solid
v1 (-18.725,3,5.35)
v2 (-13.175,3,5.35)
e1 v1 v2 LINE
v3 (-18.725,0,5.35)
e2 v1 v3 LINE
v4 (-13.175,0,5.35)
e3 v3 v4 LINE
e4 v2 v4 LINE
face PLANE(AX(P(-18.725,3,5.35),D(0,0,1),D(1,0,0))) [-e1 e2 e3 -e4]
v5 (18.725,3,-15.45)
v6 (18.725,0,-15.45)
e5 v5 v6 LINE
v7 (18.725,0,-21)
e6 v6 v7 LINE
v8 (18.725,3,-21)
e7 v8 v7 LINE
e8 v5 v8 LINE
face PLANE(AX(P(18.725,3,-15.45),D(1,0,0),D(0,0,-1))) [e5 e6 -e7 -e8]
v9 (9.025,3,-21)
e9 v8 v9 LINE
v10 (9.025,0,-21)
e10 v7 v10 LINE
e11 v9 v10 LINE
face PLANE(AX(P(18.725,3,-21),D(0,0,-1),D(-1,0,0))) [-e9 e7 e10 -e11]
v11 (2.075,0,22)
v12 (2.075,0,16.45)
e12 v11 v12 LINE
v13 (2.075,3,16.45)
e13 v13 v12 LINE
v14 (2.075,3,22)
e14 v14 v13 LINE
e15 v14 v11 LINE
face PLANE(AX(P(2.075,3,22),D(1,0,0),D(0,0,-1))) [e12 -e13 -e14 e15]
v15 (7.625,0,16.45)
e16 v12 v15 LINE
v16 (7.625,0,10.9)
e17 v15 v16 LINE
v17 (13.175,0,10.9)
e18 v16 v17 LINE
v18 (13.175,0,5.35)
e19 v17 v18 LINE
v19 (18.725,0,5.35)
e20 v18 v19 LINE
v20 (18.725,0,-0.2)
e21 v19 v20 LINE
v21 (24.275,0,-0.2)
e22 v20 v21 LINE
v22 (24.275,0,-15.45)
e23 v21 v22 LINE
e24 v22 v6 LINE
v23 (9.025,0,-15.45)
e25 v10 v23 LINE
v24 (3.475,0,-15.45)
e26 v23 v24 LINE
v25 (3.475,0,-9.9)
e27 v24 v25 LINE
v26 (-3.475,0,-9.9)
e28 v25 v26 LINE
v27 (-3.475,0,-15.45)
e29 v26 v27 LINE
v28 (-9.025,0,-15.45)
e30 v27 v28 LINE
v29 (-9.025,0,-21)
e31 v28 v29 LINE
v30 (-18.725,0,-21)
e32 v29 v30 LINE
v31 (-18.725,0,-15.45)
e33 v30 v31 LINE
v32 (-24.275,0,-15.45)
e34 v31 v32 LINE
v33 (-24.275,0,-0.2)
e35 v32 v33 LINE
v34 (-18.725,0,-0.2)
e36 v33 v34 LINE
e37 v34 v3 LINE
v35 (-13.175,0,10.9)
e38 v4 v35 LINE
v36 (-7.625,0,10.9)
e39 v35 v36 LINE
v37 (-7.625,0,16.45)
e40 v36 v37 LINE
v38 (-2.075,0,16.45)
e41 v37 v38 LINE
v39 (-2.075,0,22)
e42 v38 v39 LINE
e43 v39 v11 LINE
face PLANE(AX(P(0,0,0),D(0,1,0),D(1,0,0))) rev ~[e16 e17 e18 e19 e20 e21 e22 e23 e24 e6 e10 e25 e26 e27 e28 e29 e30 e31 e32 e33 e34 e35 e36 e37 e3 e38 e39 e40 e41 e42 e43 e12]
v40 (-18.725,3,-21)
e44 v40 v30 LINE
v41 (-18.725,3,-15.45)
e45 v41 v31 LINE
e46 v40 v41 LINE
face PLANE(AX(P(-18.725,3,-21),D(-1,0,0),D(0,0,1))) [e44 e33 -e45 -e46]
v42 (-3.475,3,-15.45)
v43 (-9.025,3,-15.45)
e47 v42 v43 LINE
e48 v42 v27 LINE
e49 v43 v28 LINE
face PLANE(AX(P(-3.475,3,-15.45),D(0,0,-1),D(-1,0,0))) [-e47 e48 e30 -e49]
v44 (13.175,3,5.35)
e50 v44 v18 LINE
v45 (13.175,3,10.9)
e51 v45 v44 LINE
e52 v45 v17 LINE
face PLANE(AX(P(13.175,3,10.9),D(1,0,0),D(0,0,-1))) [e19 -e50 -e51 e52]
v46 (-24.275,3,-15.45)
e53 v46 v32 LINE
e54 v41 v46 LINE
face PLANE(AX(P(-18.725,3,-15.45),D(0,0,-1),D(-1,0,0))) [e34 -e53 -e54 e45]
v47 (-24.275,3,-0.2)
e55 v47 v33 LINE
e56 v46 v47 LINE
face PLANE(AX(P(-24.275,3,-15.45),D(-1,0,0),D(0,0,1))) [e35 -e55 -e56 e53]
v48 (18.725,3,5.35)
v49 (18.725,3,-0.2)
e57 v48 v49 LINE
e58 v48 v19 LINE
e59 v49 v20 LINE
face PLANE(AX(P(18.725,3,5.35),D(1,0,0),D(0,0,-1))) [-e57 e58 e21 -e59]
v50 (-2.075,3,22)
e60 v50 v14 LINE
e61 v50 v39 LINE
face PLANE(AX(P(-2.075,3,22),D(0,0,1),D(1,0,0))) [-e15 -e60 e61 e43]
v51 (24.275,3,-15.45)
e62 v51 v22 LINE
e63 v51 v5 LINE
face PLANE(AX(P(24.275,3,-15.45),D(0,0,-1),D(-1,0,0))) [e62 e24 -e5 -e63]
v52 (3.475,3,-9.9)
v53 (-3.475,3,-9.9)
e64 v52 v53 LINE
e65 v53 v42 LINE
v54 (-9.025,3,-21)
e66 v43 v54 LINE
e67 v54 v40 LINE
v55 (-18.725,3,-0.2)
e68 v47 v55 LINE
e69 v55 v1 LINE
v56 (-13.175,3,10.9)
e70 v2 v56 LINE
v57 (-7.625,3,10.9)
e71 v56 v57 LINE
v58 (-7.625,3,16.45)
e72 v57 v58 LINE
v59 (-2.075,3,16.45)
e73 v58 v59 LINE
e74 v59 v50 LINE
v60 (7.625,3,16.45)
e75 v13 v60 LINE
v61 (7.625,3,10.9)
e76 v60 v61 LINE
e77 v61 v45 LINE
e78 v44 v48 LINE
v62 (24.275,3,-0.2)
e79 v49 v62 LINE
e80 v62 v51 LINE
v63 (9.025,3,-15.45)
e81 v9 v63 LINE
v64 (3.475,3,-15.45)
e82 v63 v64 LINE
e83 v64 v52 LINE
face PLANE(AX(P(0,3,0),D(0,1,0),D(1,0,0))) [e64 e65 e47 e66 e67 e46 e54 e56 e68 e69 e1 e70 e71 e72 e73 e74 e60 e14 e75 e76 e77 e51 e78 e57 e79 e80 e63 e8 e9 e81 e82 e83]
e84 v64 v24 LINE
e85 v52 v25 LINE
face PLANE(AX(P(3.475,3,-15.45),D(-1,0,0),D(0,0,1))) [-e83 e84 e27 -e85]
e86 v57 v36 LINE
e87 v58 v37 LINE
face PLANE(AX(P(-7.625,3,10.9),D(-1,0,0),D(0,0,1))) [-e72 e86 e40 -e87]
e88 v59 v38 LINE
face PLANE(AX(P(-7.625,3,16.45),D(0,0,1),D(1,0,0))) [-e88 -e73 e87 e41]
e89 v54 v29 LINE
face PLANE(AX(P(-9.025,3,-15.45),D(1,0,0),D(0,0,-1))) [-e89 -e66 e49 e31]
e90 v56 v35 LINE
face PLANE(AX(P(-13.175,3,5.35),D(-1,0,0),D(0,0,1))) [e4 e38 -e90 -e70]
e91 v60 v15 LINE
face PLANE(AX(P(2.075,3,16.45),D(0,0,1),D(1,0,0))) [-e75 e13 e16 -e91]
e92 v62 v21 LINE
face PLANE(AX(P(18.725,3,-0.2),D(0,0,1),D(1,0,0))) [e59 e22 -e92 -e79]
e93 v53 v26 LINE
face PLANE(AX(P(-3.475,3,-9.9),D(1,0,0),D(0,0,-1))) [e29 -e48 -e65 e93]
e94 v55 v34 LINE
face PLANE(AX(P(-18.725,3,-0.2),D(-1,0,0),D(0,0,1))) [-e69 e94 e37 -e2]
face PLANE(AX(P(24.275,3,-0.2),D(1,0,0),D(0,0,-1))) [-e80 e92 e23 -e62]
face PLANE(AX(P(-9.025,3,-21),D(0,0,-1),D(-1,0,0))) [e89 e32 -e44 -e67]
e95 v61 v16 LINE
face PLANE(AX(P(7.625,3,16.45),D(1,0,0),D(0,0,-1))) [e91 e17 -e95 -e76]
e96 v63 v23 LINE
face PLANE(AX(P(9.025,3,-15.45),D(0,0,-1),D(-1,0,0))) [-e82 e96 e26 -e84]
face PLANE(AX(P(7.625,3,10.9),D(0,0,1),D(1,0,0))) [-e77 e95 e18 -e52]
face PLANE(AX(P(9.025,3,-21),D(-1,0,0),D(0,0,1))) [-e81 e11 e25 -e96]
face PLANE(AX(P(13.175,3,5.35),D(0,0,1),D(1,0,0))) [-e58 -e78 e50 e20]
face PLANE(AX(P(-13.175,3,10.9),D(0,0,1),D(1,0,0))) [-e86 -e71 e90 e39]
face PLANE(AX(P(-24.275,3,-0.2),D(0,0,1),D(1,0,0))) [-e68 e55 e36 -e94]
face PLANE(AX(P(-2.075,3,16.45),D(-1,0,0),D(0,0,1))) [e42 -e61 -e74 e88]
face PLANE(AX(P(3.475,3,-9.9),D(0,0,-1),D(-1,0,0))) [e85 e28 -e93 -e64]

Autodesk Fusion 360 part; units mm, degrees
sketch "Sketch1" plane through (0, 0, 0) normal (0, 1, 0) x (1, 0, 0)
  line L0 (-2.775, 16.15) -> (-8.325, 16.15)
  line L1 (2.775, -22.7) -> (2.775, -17.15)
  line L2 (13.875, -11.6) -> (8.325, -11.6)
  line L3 (28.5, -28) -> (28.5, 27)
  line L4 (-2.775, -17.15) -> (-2.775, -22.7)
  line L5 (-2.775, -22.7) -> (2.775, -22.7)
  line L6 (8.325, -17.15) -> (2.775, -17.15)
  line L7 (-28.5, 27) -> (-28.5, -28)
  line L8 (28.5, 27) -> (-28.5, 27)
  line L9 (19.425, -6.05) -> (13.875, -6.05)
  line L10 (-8.325, -17.15) -> (-2.775, -17.15)
  line L11 (28.5, -0.5) -> (-28.5, -0.5)
  line L12 (24.975, -0.5) -> (19.425, -0.5)
  line L13 (19.425, -0.5) -> (19.425, -6.05)
  line L14 (-24.975, 16.15) -> (-24.975, -0.5)
  line L15 (0, 5.05) -> (0, -0.5)
  line L16 (-24.975, -0.5) -> (-19.425, -0.5)
  line L17 (0, 10.6) -> (-2.775, 10.6)
  line L18 (0, 27) -> (0, -28)
  line L19 (24.975, 16.15) -> (24.975, -0.5)
  line L20 (0, -0.5) -> (0, -22.7)
  line L21 (0, -0.5) -> (0, 21.7)
  line L22 (-13.875, -6.05) -> (-13.875, -11.6)
  line L23 (-19.425, -6.05) -> (-13.875, -6.05)
  line L24 (0, 10.6) -> (0, 5.05)
  line L25 (-19.425, -0.5) -> (-19.425, -6.05)
  line L26 (-8.325, -11.6) -> (-8.325, -17.15)
  line L27 (19.425, 21.7) -> (19.425, 16.15)
  line L28 (-19.425, 21.7) -> (-19.425, 16.15)
  line L29 (-13.875, -11.6) -> (-8.325, -11.6)
  line L30 (-8.325, 16.15) -> (-8.325, 21.7)
  line L31 (-2.775, 10.6) -> (-2.775, 16.15)
  line L32 (8.325, -11.6) -> (8.325, -17.15)
  line L33 (-28.5, -28) -> (28.5, -28)
  line L34 (13.875, -6.05) -> (13.875, -11.6)
  line L35 (0, 21.7) -> (0, 16.15)
  line L36 (19.425, 16.15) -> (24.975, 16.15)
  line L37 (0, 10.6) -> (2.775, 10.6)
  line L38 (2.775, 16.15) -> (8.325, 16.15)
  line L39 (2.775, 10.6) -> (2.775, 16.15)
  line L40 (8.325, 21.7) -> (19.425, 21.7)
  line L41 (8.325, 16.15) -> (8.325, 21.7)
  line L42 (-19.425, 16.15) -> (-24.975, 16.15)
  line L43 (-8.325, 21.7) -> (-19.425, 21.7)
  line L44 (0, 16.15) -> (0, 10.6)
  point P0 (0, -30)
  dimension "d1" = 22.2
  dimension "d2" = 22.2
  dimension "d3" = 5.55
  dimension "d4" = 5.55
  dimension "d5" = 2.775
  dimension "d6" = 2.775
  dimension "d7" = 5.55
  dimension "d8" = 5.55
  dimension "d9" = 5.55
  dimension "d10" = 5.55
  dimension "d11" = 11.1
  dimension "d12" = 11.1
  dimension "d13" = 5.55
  dimension "d14" = 5.55
  dimension "d15" = 5.55
  dimension "d16" = 5.55
  dimension "d17" = 16.65
  dimension "d18" = 16.65
  dimension "d19" = 5.55
  dimension "d20" = 5.55
  dimension "d21" = 5.55
  dimension "d22" = 5.55
  dimension "d23" = 5.55
  dimension "d24" = 5.55
  dimension "d25" = 5.55
  dimension "d26" = 5.55
  dimension "d27" = 5.55
  dimension "d28" = 5.55
  dimension "d29" = 5.55
  dimension "d30" = 5.55
  dimension "d31" = 5.55
  dimension "d32" = 5.55
  dimension "d33" = 5.55
  dimension "d34" = 5.55
extrude "Extrude4" add sketch "Sketch1" along normal blind 3 contours L0 L11 L14 L15 L16 L17 L18 L21 L24 L28 L30 L31 L42 L43 | L11 L12 L15 L18 L19 L21 L24 L27 L36 L37 L38 L39 L40 L41 | L4 L5 L10 L11 L18 L20 L22 L23 L25 L26 L29 | L1 L2 L5 L6 L9 L11 L13 L18 L20 L32 L34
sketch "Sketch5" plane through (0, 3, 0) normal (0, 1, 0) x (-1, 0, 0)
  line L0 (-2.775, -10.6) -> (2.775, -10.6)
  line L1 (2.775, -10.6) -> (2.775, -16.15)
  line L2 (2.775, -16.15) -> (8.325, -16.15)
  line L3 (8.325, -16.15) -> (8.325, -21.7)
  line L4 (8.325, -21.7) -> (19.425, -21.7)
  line L5 (19.425, -21.7) -> (19.425, -16.15)
  line L6 (19.425, -16.15) -> (24.975, -16.15)
  line L7 (24.975, -16.15) -> (24.975, 0.5)
  line L8 (24.975, 0.5) -> (19.425, 0.5)
  line L9 (19.425, 0.5) -> (19.425, 6.05)
  line L10 (19.425, 6.05) -> (13.875, 6.05)
  line L11 (13.875, 6.05) -> (13.875, 11.6)
  line L12 (13.875, 11.6) -> (8.325, 11.6)
  line L13 (8.325, 11.6) -> (8.325, 17.15)
  line L14 (8.325, 17.15) -> (2.775, 17.15)
  line L15 (2.775, 17.15) -> (2.775, 22.7)
  line L16 (2.775, 22.7) -> (-2.775, 22.7)
  line L17 (-2.775, 22.7) -> (-2.775, 17.15)
  line L18 (-2.775, 17.15) -> (-8.325, 17.15)
  line L19 (-8.325, 17.15) -> (-8.325, 11.6)
  line L20 (-8.325, 11.6) -> (-13.875, 11.6)
  line L21 (-13.875, 11.6) -> (-13.875, 6.05)
  line L22 (-13.875, 6.05) -> (-19.425, 6.05)
  line L23 (-19.425, 6.05) -> (-19.425, 0.5)
  line L24 (-19.425, 0.5) -> (-24.975, 0.5)
  line L25 (-24.975, 0.5) -> (-24.975, -16.15)
  line L26 (-24.975, -16.15) -> (-19.425, -16.15)
  line L27 (-19.425, -16.15) -> (-19.425, -21.7)
  line L28 (-19.425, -21.7) -> (-8.325, -21.7)
  line L29 (-8.325, -21.7) -> (-8.325, -16.15)
  line L30 (-8.325, -16.15) -> (-2.775, -16.15)
  line L31 (-2.775, -16.15) -> (-2.775, -10.6)
  line L32 (-18.725, -15.45) -> (-18.725, -21)
  line L33 (-18.725, -21) -> (-9.025, -21)
  line L34 (-9.025, -21) -> (-9.025, -15.45)
  line L35 (-9.025, -15.45) -> (-3.475, -15.45)
  line L36 (-3.475, -15.45) -> (-3.475, -9.9)
  line L37 (-3.475, -9.9) -> (3.475, -9.9)
  line L38 (3.475, -9.9) -> (3.475, -15.45)
  line L39 (3.475, -15.45) -> (9.025, -15.45)
  line L40 (9.025, -15.45) -> (9.025, -21)
  line L41 (9.025, -21) -> (18.725, -21)
  line L42 (18.725, -21) -> (18.725, -15.45)
  line L43 (18.725, -15.45) -> (24.275, -15.45)
  line L44 (24.275, -15.45) -> (24.275, -0.2)
  line L45 (24.275, -0.2) -> (18.725, -0.2)
  line L46 (18.725, -0.2) -> (18.725, 5.35)
  line L47 (18.725, 5.35) -> (13.175, 5.35)
  line L48 (13.175, 5.35) -> (13.175, 10.9)
  line L49 (13.175, 10.9) -> (7.625, 10.9)
  line L50 (7.625, 10.9) -> (7.625, 16.45)
  line L51 (7.625, 16.45) -> (2.075, 16.45)
  line L52 (2.075, 16.45) -> (2.075, 22)
  line L53 (2.075, 22) -> (-2.075, 22)
  line L54 (-2.075, 22) -> (-2.075, 16.45)
  line L55 (-2.075, 16.45) -> (-7.625, 16.45)
  line L56 (-7.625, 16.45) -> (-7.625, 10.9)
  line L57 (-7.625, 10.9) -> (-13.175, 10.9)
  line L58 (-13.175, 10.9) -> (-13.175, 5.35)
  line L59 (-13.175, 5.35) -> (-18.725, 5.35)
  line L60 (-18.725, 5.35) -> (-18.725, -0.2)
  line L61 (-18.725, -0.2) -> (-24.275, -0.2)
  line L62 (-24.275, -0.2) -> (-24.275, -15.45)
  line L63 (-24.275, -15.45) -> (-18.725, -15.45)
  dimension "d53" = -0.7
extrude "Extrude8" cut sketch "Sketch5" against normal blind 25
equation "d1 = ( 44.4 / 2 ) * 1 mm"
equation "d2 = ( 44.4 / 2 ) * 1 mm"
equation "d5 = ( 5.55 / 2 ) * 1 mm"
equation "d6 = ( 5.55 / 2 ) * 1 mm"
equation "d11 = ( 5.55 * 2 ) * 1 mm"
equation "d12 = ( 5.55 * 2 ) * 1 mm"
equation "d17 = ( 5.55 * 3 ) * 1 mm"
equation "d18 = ( 5.55 * 3 ) * 1 mm"
